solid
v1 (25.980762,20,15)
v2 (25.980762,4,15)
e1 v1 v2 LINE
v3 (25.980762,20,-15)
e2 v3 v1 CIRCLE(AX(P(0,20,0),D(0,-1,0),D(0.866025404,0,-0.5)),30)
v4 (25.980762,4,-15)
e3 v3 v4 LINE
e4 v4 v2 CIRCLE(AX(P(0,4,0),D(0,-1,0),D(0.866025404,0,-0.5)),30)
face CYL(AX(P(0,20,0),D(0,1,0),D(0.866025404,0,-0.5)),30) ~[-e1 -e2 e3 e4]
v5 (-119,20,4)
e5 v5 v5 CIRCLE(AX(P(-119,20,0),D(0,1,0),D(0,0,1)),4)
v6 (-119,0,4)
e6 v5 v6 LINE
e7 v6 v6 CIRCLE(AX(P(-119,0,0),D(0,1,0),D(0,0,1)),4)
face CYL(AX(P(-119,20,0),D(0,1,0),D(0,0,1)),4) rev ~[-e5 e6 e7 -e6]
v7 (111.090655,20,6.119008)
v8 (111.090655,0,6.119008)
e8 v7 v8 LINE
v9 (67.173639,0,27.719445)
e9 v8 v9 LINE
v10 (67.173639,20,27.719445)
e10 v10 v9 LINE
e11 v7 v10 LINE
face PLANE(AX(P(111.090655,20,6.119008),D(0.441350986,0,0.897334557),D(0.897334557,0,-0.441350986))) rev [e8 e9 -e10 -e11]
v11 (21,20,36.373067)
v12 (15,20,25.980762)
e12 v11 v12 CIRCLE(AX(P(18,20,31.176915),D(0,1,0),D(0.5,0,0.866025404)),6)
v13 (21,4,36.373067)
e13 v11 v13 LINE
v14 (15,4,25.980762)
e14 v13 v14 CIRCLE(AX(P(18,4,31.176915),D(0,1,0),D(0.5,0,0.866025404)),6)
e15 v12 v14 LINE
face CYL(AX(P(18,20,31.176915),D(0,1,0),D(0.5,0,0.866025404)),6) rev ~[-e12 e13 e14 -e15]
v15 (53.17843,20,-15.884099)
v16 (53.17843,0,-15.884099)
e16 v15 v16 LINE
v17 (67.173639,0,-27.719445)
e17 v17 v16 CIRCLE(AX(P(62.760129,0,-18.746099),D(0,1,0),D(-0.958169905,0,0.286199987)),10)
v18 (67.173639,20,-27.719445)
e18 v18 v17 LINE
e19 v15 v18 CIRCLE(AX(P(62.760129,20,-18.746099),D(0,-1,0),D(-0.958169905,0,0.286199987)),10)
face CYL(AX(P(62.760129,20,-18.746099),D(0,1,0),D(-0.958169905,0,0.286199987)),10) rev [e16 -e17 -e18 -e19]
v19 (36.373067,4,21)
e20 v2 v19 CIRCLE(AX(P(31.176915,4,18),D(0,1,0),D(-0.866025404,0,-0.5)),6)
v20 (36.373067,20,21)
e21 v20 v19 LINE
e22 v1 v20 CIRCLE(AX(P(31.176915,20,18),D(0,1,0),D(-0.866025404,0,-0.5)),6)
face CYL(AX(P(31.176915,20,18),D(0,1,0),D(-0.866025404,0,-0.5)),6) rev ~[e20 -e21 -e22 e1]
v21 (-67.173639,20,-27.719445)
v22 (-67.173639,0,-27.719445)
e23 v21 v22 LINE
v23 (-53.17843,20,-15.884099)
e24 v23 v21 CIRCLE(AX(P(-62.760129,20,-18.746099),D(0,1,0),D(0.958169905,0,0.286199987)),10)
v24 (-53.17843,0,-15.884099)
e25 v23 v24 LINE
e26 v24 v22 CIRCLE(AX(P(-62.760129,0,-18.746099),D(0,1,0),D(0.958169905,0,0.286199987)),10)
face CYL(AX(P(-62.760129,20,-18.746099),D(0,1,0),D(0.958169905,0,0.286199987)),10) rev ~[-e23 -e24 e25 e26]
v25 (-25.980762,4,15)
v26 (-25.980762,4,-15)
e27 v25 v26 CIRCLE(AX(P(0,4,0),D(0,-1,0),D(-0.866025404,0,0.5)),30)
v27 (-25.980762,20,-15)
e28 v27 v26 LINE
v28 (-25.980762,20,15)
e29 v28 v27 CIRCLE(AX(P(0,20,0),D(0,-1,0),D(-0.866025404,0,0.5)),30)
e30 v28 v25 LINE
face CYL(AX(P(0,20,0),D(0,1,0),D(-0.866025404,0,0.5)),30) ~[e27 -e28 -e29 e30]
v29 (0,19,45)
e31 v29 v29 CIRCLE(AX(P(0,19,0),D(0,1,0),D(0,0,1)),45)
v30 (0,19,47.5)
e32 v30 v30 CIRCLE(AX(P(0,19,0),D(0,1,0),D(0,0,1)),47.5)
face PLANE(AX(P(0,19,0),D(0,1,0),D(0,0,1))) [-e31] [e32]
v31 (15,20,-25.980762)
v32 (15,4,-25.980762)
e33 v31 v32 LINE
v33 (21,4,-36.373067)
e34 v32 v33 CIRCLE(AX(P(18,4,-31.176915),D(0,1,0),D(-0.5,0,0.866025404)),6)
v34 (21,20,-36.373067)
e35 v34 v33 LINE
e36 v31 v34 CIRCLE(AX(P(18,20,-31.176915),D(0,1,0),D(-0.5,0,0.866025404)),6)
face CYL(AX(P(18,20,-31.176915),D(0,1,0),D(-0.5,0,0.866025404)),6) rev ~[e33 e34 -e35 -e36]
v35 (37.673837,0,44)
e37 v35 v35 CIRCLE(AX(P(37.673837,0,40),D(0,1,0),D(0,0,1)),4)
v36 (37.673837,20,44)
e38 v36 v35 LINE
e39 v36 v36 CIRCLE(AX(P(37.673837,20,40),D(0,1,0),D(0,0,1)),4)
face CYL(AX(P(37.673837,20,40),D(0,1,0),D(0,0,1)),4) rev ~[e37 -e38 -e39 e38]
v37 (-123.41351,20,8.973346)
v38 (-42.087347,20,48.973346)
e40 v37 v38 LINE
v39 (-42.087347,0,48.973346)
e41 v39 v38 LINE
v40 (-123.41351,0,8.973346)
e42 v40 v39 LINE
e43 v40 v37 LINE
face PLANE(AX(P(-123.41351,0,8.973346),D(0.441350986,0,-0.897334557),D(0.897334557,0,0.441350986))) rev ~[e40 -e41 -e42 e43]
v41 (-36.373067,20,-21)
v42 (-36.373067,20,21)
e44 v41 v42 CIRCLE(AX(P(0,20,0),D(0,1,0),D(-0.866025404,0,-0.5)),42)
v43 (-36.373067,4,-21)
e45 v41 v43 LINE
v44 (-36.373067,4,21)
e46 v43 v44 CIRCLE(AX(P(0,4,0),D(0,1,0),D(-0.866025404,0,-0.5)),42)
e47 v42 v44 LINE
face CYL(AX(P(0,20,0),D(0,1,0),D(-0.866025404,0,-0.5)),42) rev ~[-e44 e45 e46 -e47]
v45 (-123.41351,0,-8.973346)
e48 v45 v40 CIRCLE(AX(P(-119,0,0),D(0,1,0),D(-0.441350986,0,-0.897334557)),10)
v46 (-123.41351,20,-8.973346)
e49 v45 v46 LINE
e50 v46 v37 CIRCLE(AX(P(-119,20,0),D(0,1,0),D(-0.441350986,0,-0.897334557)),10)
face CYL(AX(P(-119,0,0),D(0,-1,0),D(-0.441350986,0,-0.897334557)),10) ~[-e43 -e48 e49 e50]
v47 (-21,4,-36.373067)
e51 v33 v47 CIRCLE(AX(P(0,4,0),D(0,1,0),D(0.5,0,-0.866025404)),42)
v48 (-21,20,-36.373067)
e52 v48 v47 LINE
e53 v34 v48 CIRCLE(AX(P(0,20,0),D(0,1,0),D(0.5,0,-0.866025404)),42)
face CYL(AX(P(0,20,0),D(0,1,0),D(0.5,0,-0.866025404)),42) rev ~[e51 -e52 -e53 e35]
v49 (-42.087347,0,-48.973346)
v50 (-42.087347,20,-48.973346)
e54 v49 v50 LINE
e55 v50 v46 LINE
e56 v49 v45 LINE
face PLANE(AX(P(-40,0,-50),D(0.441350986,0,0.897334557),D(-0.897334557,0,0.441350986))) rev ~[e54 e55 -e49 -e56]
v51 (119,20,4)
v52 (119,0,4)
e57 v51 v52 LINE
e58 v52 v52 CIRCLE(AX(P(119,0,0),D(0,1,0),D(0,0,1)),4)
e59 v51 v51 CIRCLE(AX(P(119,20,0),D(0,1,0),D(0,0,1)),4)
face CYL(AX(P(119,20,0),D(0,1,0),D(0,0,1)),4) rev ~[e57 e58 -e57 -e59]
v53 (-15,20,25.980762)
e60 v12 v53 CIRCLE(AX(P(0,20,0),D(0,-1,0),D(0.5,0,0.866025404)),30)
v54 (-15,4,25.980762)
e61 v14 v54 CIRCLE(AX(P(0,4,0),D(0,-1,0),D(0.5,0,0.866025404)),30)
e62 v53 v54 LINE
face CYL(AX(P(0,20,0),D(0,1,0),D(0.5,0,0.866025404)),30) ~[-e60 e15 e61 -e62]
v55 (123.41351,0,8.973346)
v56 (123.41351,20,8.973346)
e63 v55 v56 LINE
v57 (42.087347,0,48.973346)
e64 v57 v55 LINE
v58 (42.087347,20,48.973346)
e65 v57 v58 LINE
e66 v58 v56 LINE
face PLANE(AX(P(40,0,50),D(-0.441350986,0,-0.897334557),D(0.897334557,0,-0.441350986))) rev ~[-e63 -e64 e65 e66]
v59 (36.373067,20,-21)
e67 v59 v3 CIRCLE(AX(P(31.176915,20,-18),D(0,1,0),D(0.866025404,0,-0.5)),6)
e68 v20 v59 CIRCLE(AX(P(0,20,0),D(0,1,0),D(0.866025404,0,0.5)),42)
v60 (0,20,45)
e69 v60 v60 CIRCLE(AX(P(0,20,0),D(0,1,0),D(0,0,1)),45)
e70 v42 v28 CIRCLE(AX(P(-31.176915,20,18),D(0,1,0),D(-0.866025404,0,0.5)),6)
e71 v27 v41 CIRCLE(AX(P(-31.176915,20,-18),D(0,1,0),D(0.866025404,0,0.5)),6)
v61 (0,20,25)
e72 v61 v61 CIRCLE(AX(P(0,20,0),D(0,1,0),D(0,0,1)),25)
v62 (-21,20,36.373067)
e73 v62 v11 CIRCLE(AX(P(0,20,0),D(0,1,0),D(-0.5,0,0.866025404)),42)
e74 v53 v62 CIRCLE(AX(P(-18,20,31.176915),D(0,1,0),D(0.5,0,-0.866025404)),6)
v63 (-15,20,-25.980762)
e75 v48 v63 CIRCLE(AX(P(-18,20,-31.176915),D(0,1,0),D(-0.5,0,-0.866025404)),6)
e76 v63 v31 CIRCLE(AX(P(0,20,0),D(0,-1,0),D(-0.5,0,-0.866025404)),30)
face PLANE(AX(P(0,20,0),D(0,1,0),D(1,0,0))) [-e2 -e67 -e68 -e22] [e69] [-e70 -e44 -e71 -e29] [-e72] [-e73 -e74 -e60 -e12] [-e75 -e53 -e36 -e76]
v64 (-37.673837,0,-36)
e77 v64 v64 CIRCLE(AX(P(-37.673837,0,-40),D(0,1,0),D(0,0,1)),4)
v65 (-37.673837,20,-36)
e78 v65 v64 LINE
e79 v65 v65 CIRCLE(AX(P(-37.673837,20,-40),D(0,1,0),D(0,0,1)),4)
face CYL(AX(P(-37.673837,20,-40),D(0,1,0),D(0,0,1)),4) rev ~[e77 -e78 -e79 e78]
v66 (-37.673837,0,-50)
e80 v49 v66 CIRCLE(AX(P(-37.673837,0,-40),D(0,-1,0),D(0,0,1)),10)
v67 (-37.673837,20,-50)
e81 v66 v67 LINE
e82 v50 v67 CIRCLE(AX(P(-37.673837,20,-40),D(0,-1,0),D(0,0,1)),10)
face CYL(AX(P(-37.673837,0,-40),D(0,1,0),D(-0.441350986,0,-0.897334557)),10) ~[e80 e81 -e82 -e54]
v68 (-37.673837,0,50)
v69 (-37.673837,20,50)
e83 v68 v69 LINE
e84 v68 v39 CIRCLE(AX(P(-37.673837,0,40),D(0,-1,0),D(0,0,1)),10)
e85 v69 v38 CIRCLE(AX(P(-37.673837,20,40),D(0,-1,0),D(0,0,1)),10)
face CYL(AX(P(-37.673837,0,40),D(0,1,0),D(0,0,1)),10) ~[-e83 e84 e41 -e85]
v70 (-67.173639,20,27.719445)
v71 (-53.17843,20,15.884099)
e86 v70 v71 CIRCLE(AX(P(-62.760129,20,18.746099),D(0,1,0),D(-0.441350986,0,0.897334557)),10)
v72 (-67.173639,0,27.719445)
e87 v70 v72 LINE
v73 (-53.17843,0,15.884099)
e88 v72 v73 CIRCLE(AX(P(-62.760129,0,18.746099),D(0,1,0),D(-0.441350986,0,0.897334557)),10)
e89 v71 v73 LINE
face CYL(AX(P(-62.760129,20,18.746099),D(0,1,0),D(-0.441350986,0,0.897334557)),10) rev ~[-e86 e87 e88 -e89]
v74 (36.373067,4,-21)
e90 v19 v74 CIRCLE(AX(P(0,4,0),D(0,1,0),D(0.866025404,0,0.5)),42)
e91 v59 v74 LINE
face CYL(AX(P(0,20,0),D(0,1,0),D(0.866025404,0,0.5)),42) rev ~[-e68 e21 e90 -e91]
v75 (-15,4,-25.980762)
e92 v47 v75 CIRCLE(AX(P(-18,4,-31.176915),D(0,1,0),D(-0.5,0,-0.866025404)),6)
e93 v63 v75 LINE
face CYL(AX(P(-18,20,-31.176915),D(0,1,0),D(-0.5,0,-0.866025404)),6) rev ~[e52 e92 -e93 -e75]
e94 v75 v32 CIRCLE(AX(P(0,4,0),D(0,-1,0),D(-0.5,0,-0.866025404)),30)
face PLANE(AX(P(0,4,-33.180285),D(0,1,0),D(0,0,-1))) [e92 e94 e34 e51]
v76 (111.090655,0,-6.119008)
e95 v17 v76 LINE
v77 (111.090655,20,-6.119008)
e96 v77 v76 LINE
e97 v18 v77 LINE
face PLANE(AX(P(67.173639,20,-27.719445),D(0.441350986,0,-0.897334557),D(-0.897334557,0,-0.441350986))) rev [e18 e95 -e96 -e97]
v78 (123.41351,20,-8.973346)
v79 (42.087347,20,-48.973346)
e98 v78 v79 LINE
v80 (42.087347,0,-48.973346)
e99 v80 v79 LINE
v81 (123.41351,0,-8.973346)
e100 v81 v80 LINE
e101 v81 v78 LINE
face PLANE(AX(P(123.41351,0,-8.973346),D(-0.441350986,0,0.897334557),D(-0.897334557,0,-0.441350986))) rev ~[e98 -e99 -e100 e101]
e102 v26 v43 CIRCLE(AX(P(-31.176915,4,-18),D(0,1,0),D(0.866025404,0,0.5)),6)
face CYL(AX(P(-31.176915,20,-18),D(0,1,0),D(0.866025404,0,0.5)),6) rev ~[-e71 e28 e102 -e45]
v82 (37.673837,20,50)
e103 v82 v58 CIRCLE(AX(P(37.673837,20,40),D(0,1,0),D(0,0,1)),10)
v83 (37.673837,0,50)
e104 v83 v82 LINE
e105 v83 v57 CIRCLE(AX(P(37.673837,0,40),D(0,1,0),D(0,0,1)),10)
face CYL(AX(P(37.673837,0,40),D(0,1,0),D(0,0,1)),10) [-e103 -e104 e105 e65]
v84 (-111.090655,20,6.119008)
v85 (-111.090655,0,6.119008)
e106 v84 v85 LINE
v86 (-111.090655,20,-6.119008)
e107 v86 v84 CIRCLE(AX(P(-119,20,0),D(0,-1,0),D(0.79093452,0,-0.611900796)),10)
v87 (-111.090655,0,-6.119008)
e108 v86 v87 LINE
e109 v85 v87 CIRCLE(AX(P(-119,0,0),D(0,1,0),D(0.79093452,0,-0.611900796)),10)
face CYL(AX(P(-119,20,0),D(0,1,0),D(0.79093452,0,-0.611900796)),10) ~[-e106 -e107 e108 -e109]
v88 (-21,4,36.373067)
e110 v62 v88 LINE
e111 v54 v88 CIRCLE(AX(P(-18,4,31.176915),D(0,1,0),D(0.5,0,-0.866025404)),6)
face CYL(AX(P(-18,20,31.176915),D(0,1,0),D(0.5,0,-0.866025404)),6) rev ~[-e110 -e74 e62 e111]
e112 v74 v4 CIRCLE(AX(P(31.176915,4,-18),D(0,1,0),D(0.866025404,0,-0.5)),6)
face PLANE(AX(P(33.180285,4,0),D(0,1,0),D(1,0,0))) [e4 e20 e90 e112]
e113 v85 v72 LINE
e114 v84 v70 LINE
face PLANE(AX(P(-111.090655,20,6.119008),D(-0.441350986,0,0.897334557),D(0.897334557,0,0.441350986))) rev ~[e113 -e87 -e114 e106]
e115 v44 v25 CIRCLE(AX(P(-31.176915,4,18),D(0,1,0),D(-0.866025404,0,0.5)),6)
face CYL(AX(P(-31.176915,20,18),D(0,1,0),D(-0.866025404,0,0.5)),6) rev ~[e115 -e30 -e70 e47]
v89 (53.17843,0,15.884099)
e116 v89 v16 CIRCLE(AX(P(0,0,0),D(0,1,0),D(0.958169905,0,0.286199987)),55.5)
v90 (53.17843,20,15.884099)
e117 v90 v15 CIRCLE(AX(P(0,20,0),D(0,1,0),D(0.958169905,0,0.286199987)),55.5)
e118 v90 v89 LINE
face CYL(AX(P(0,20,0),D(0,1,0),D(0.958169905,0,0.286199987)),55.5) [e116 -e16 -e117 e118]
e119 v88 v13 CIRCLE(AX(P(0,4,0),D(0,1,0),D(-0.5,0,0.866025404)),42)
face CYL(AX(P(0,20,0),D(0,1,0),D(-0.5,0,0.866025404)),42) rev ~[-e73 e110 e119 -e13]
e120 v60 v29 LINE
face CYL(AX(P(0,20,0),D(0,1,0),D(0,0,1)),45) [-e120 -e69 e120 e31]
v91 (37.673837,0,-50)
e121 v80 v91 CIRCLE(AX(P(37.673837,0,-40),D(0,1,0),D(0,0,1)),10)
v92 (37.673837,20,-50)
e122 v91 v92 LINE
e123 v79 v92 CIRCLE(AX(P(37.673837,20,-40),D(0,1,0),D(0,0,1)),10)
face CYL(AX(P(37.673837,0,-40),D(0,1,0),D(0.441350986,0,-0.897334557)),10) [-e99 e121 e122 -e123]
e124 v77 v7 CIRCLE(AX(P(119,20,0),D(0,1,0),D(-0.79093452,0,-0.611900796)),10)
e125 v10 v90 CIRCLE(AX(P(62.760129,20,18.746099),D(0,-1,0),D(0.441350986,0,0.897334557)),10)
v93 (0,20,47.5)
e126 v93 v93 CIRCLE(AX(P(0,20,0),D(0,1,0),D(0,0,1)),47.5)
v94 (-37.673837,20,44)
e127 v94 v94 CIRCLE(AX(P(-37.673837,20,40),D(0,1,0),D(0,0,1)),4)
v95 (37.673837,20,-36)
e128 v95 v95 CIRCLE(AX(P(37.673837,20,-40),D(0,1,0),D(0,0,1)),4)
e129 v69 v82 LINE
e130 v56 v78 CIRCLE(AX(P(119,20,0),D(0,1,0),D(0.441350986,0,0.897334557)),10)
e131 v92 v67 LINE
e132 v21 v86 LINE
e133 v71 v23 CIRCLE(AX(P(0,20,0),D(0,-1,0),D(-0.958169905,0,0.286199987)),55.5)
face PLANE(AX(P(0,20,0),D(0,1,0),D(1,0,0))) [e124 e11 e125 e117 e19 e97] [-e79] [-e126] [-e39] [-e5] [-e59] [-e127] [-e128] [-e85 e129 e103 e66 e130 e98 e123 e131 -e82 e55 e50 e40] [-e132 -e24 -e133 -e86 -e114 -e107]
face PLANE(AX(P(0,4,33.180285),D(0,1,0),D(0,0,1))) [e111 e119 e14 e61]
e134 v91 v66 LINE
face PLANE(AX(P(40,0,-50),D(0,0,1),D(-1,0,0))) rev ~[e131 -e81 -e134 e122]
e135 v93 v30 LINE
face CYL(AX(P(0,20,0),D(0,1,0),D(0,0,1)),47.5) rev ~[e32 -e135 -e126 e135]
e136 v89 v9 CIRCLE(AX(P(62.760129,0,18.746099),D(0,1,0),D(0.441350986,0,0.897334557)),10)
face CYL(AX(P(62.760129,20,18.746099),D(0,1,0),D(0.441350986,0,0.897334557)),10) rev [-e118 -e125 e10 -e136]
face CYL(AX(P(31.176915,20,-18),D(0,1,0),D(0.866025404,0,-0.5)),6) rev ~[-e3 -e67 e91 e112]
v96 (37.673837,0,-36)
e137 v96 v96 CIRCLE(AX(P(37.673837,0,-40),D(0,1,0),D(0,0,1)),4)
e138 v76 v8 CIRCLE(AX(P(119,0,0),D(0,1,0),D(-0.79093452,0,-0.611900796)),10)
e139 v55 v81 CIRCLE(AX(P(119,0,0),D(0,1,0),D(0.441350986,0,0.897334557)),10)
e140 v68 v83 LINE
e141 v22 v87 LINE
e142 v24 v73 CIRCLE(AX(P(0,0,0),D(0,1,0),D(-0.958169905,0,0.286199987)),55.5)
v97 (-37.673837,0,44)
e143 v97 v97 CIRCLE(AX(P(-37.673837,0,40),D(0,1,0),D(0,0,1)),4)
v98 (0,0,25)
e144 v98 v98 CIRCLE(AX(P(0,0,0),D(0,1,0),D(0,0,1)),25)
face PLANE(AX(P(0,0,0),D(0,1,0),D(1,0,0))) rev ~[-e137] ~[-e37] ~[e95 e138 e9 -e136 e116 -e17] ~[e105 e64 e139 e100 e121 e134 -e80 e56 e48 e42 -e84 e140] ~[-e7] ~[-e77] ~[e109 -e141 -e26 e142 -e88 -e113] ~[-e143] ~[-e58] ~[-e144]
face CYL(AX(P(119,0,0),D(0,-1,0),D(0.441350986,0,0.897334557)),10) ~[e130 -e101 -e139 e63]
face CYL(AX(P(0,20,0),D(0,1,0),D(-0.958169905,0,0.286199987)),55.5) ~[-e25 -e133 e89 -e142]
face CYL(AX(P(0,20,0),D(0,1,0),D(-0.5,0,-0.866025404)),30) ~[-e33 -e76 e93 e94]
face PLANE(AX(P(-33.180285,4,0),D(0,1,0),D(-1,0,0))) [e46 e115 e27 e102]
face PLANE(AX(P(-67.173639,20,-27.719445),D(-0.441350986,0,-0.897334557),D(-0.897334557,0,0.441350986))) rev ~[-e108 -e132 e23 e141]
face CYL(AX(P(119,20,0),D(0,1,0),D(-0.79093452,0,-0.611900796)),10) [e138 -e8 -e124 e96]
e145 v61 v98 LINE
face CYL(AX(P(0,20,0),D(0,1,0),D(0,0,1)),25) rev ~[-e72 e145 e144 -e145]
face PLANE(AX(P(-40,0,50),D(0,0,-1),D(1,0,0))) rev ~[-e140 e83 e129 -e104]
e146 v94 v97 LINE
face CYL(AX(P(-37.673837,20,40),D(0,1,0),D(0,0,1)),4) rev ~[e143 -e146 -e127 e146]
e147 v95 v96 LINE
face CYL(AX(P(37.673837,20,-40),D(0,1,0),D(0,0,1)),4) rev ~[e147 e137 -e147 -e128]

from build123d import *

# Parameters (mm, degrees)
BOSS_EXTRUDE1_DEPTH = 20
SKETCH2_R           = 47.5
SKETCH2_R_2         = 45
CUT_EXTRUDE1_DEPTH  = 1
CUT_EXTRUDE2_DEPTH  = 16
CIRPATTERN1_COUNT   = 4
SKETCH4_R           = 25
CUT_EXTRUDE3_DEPTH  = 21
SKETCH6_R           = 4
CUT_EXTRUDE4_DEPTH  = 21
CUT_EXTRUDE5_DEPTH  = 21
FILLET1_R           = 10
SKETCH9_R           = 4
CUT_EXTRUDE6_DEPTH  = 21


with BuildPart() as part:
    # Sketch1 → Boss-Extrude1 (new body)
    with BuildSketch(Plane(origin=(0, 0, 0), x_dir=(1, 0, 0), z_dir=(0, 1, 0))):
        with BuildLine():
            Line((-40, -50), (40, -50))
            Line((40, -50), (123.413509856, -8.973345572))
            ThreePointArc((123.413509856, -8.973345572), (129, 0), (123.413509856, 8.973345572))
            Line((123.413509856, 8.973345572), (40, 50))
            Line((40, 50), (-40, 50))
            Line((-40, 50), (-123.413509856, 8.973345572))
            ThreePointArc((-123.413509856, 8.973345572), (-129, 0), (-123.413509856, -8.973345572))
            Line((-123.413509856, -8.973345572), (-40, -50))
        make_face()
    extrude(amount=BOSS_EXTRUDE1_DEPTH)

    # Sketch2 → Cut-Extrude1 (cut)
    with BuildSketch(Plane(origin=(0, 20, 0), x_dir=(1, 0, 0), z_dir=(0, 1, 0))):
        with Locations(Location((0, 0, 0), (0, 0, 270))):  # turned: the seam where the file's is
            Circle(SKETCH2_R)
        with Locations(Location((0, 0, 0), (0, 0, 270))):  # turned: the seam where the file's is
            Circle(SKETCH2_R_2, mode=Mode.SUBTRACT)
    extrude(amount=-CUT_EXTRUDE1_DEPTH, mode=Mode.SUBTRACT)

    # Sketch3 → Cut-Extrude2 (cut)
    with BuildSketch(Plane(origin=(0, 20, 0), x_dir=(1, 0, 0), z_dir=(0, 1, 0))):
        with BuildLine():
            ThreePointArc((36.373066959, -21), (42, 0), (36.373066959, 21))
            ThreePointArc((36.373066959, 21), (28.176914536, 23.196152423), (25.980762114, 15))
            ThreePointArc((25.980762114, 15), (30, 0), (25.980762114, -15))
            ThreePointArc((25.980762114, -15), (28.176914536, -23.196152423), (36.373066959, -21))
        make_face()
    cut_extrude2 = extrude(amount=-CUT_EXTRUDE2_DEPTH, mode=Mode.SUBTRACT)

    # CirPattern1: Cut-Extrude2 ×4 about axis
    cirpattern1_axis = Axis((0, 0, 0), (0, 1, 0))
    for i in range(1, CIRPATTERN1_COUNT):
        add(cut_extrude2.rotate(cirpattern1_axis, i * 360 / CIRPATTERN1_COUNT), mode=Mode.SUBTRACT)

    # Sketch4 → Cut-Extrude3 (cut, through all)
    with BuildSketch(Plane(origin=(0, 20, 0), x_dir=(1, 0, 0), z_dir=(0, 1, 0))):
        with Locations(Location((0, 0, 0), (0, 0, 270))):  # turned: the seam where the file's is
            Circle(SKETCH4_R)
    extrude(amount=-CUT_EXTRUDE3_DEPTH, mode=Mode.SUBTRACT)

    # Sketch6 → Cut-Extrude4 (cut, through all)
    with BuildSketch(Plane(origin=(0, 20, 0), x_dir=(1, 0, 0), z_dir=(0, 1, 0))):
        with Locations(Location((-119, 0, 0), (0, 0, 270))):  # turned: the seam where the file's is
            Circle(SKETCH6_R)
        with Locations(Location((119, 0, 0), (0, 0, 270))):  # turned: the seam where the file's is
            Circle(SKETCH6_R)
    extrude(amount=-CUT_EXTRUDE4_DEPTH, mode=Mode.SUBTRACT)

    # Sketch8 → Cut-Extrude5 (cut, through all)
    with BuildSketch(Plane(origin=(0, 20, 0), x_dir=(1, 0, 0), z_dir=(0, 1, 0))):
        with BuildLine():
            Line((-67.173638652, 27.719444727), (-111.090654796, 6.119007963))
            ThreePointArc((-111.090654796, 6.119007963), (-109, 0), (-111.090654796, -6.119007963))
            Line((-111.090654796, -6.119007963), (-67.173638652, -27.719444727))
            ThreePointArc((-67.173638652, -27.719444727), (-56.30285419, -26.381778867), (-53.178429743, -15.884099284))
            ThreePointArc((-53.178429743, -15.884099284), (-55.5, 0), (-53.178429743, 15.884099284))
            ThreePointArc((-53.178429743, 15.884099284), (-56.30285419, 26.381778867), (-67.173638652, 27.719444727))
        make_face()
    cut_extrude5 = extrude(amount=-CUT_EXTRUDE5_DEPTH, mode=Mode.SUBTRACT)

    # Mirror1: Cut-Extrude5 across plane
    add(cut_extrude5.mirror(Plane(origin=(0, 0, 0), x_dir=(0, 0, 1), z_dir=(1, 0, 0))), mode=Mode.SUBTRACT)

    # Fillet1
    fillet1_edges = [part.edges().sort_by_distance(p)[0] for p in [
        (40, 10, 50),
        (-40, 10, 50),
        (-40, 10, -50),
        (40, 10, -50),
    ]]
    fillet(fillet1_edges, radius=FILLET1_R)

    # Sketch9 → Cut-Extrude6 (cut, through all)
    with BuildSketch(Plane(origin=(0, 20, 0), x_dir=(1, 0, 0), z_dir=(0, 1, 0))):
        with Locations(Location((-37.673836784, 40, 0), (0, 0, 270))):  # turned: the seam where the file's is
            Circle(SKETCH9_R)
        with Locations(Location((37.673836784, 40, 0), (0, 0, 270))):  # turned: the seam where the file's is
            Circle(SKETCH9_R)
        with Locations(Location((-37.673836784, -40, 0), (0, 0, 270))):  # turned: the seam where the file's is
            Circle(SKETCH9_R)
        with Locations(Location((37.673836784, -40, 0), (0, 0, 270))):  # turned: the seam where the file's is
            Circle(SKETCH9_R)
    extrude(amount=-CUT_EXTRUDE6_DEPTH, mode=Mode.SUBTRACT)


solid = part.part
